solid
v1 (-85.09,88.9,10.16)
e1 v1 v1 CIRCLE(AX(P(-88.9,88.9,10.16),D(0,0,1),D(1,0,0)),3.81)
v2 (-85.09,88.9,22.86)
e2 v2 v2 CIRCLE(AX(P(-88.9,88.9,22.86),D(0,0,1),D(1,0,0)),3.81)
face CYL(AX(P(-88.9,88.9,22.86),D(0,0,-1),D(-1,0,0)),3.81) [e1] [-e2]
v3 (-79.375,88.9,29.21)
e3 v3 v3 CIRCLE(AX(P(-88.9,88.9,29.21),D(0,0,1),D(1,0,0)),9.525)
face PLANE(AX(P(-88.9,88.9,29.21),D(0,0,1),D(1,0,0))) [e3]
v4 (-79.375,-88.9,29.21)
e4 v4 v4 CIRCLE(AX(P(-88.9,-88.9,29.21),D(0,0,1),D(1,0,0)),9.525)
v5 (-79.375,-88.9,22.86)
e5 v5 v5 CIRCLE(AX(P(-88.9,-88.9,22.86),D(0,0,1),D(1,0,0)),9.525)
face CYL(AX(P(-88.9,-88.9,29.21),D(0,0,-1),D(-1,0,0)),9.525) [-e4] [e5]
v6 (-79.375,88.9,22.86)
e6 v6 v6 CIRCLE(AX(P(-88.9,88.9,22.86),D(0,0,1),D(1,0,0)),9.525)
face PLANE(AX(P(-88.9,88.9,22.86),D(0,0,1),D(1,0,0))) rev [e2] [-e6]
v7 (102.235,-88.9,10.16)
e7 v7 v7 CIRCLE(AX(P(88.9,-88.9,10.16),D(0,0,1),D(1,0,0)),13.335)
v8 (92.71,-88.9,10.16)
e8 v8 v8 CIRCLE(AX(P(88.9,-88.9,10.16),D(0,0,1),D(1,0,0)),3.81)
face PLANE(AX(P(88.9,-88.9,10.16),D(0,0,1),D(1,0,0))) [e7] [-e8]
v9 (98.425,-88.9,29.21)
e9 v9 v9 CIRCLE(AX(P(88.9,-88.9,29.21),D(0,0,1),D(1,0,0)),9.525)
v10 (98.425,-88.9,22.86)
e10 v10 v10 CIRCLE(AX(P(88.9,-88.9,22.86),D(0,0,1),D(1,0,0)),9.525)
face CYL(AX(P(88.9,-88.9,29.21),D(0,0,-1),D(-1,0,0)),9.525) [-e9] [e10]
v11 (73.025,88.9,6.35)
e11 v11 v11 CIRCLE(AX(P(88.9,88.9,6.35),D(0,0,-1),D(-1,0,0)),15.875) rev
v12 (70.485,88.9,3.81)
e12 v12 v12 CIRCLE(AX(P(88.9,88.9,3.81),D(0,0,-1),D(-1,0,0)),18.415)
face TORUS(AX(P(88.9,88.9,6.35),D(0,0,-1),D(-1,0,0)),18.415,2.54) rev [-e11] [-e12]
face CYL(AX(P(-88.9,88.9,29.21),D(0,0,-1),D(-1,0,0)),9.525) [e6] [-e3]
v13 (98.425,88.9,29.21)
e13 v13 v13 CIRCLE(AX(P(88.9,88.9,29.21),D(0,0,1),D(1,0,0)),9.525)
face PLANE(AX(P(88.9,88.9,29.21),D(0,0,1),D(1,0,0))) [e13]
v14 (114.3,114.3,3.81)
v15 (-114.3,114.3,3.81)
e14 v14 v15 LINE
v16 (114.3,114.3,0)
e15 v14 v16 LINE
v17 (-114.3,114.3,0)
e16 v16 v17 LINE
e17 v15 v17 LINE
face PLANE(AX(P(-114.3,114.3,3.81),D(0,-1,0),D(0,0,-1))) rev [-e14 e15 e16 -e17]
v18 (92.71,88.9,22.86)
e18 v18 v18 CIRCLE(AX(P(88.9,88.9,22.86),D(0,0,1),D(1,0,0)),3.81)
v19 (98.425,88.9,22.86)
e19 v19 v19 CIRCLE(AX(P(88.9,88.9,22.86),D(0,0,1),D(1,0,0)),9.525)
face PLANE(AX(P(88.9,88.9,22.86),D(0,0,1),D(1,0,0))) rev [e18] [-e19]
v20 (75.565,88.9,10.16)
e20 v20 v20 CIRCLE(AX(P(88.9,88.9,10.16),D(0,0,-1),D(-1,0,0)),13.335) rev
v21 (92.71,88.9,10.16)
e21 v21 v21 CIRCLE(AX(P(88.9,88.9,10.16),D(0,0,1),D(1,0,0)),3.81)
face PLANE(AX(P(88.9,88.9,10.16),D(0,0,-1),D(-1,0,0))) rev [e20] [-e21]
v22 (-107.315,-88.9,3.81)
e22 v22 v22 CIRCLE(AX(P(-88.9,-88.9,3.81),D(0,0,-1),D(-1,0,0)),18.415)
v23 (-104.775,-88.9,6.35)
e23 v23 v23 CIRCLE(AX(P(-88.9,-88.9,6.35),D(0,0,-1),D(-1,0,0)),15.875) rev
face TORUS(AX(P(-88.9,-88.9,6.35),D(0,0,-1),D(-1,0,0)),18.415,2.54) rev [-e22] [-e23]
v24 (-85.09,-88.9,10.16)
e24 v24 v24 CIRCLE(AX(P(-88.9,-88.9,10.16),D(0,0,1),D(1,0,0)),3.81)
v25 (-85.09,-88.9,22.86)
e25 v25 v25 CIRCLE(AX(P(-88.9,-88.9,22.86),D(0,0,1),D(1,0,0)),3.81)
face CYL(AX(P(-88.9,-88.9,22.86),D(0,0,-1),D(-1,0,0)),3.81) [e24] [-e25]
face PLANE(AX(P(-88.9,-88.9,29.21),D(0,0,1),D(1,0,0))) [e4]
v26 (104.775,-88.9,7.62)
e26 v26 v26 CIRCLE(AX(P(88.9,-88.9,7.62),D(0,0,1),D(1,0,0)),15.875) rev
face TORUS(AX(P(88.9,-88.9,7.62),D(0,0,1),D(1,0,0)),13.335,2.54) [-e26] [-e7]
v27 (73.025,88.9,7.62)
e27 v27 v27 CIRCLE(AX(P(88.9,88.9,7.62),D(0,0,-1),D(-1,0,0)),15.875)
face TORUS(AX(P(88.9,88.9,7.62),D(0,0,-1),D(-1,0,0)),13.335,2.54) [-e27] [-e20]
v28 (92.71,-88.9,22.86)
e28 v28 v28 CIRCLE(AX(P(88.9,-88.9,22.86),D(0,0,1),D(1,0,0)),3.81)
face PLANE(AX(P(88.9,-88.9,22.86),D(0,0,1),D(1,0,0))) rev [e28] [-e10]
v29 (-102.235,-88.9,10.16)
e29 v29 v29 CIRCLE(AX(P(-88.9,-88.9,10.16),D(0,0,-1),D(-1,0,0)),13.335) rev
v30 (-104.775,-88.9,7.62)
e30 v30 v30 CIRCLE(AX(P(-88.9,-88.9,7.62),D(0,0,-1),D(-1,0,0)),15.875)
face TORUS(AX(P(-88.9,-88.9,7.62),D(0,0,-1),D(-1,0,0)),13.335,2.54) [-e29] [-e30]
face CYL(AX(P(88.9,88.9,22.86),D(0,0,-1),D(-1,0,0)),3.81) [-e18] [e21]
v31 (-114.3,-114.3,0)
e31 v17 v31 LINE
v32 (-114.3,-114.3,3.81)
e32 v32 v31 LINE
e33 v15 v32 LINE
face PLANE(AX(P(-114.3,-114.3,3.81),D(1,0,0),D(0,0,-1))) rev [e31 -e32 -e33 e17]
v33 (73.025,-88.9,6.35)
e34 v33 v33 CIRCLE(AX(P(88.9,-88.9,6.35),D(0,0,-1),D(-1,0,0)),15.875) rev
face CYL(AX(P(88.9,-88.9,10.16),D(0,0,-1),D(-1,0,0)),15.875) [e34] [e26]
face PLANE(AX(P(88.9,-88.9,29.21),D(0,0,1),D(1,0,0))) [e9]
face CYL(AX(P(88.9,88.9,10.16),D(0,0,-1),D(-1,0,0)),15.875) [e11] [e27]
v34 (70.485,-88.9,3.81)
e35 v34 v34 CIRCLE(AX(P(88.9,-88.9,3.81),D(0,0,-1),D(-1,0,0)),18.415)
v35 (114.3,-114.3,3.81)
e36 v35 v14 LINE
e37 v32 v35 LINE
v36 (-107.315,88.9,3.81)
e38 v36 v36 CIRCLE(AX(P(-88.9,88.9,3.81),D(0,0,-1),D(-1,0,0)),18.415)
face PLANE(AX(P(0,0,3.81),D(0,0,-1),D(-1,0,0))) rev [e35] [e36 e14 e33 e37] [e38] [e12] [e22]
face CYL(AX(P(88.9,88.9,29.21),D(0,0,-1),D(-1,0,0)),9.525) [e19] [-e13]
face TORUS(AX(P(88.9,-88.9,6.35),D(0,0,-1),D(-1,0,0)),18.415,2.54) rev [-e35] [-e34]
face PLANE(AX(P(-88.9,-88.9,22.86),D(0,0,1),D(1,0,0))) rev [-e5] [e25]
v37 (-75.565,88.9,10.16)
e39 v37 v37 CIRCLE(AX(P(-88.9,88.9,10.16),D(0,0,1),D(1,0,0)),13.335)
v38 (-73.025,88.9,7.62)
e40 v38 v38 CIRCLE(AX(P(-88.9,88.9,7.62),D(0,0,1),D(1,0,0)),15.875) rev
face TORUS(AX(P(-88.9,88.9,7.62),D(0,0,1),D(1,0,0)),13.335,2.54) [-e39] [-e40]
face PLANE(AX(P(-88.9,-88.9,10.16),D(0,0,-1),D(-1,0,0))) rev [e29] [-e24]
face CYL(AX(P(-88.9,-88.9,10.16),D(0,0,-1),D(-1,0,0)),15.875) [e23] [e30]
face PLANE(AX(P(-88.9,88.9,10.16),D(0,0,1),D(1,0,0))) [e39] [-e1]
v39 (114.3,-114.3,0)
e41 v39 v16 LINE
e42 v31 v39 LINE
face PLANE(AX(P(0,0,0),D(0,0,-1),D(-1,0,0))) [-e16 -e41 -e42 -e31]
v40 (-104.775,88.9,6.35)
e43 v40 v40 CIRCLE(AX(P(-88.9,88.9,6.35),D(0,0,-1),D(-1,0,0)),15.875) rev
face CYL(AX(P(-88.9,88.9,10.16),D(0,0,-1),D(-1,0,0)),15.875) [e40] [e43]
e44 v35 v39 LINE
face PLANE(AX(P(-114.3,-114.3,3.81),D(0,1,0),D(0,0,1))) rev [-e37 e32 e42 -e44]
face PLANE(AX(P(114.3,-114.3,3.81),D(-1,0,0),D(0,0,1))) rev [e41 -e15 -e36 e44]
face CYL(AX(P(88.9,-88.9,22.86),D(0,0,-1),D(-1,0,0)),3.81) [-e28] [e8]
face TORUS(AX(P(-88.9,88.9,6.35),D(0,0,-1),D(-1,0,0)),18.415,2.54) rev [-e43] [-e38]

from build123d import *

# Parameters (mm, degrees)
SKETCH1_W           = 228.6
SKETCH1_H           = 228.6
BOSS_EXTRUDE1_DEPTH = 3.81
SKETCH2_R           = 15.875
BOSS_EXTRUDE2_DEPTH = 6.35
SKETCH3_R           = 3.81
BOSS_EXTRUDE3_DEPTH = 12.7
SKETCH4_R           = 9.525
BOSS_EXTRUDE4_DEPTH = 6.35
FILLET1_R           = 2.54
FILLET2_R           = 2.54


with BuildPart() as part:
    # Sketch1 → Boss-Extrude1 (new body)
    with BuildSketch(Plane.XY):
        Rectangle(SKETCH1_W, SKETCH1_H)
    extrude(amount=BOSS_EXTRUDE1_DEPTH)

    # Sketch2 → Boss-Extrude2 (add)
    with BuildSketch(Plane.XY.offset(3.81)):
        with Locations(Location((88.9, -88.9, 0), (0, 0, 180))):
            Circle(SKETCH2_R)
        with Locations(Location((88.9, 88.9, 0), (0, 0, 180))):
            Circle(SKETCH2_R)
        with Locations(Location((-88.9, -88.9, 0), (0, 0, 180))):
            Circle(SKETCH2_R)
        with Locations(Location((-88.9, 88.9, 0), (0, 0, 180))):
            Circle(SKETCH2_R)
    extrude(amount=BOSS_EXTRUDE2_DEPTH)

    # Sketch3 → Boss-Extrude3 (add)
    with BuildSketch(Plane.XY.offset(10.16)):
        with Locations((-88.9, -88.9)):
            Circle(SKETCH3_R)
        with Locations((-88.9, 88.9)):
            Circle(SKETCH3_R)
        with Locations((88.9, -88.9)):
            Circle(SKETCH3_R)
        with Locations((88.9, 88.9)):
            Circle(SKETCH3_R)
    extrude(amount=BOSS_EXTRUDE3_DEPTH)

    # Sketch4 → Boss-Extrude4 (add)
    with BuildSketch(Plane.XY.offset(22.86)):
        with Locations((-88.9, -88.9)):
            Circle(SKETCH4_R)
        with Locations((-88.9, 88.9)):
            Circle(SKETCH4_R)
        with Locations((88.9, 88.9)):
            Circle(SKETCH4_R)
        with Locations((88.9, -88.9)):
            Circle(SKETCH4_R)
    extrude(amount=BOSS_EXTRUDE4_DEPTH)

    # Fillet1
    fillet1_edges = [part.edges().sort_by_distance(p)[0] for p in [
        (104.775, -88.9, 10.16),
        (104.775, 88.9, 10.16),
        (-73.025, -88.9, 10.16),
        (-73.025, 88.9, 10.16),
    ]]
    fillet(fillet1_edges, radius=FILLET1_R)

    # Fillet2
    fillet2_edges = [part.edges().sort_by_distance(p)[0] for p in [
        (104.775, -88.9, 3.81),
        (104.775, 88.9, 3.81),
        (-73.025, -88.9, 3.81),
        (-73.025, 88.9, 3.81),
    ]]
    fillet(fillet2_edges, radius=FILLET2_R)


solid = part.part
